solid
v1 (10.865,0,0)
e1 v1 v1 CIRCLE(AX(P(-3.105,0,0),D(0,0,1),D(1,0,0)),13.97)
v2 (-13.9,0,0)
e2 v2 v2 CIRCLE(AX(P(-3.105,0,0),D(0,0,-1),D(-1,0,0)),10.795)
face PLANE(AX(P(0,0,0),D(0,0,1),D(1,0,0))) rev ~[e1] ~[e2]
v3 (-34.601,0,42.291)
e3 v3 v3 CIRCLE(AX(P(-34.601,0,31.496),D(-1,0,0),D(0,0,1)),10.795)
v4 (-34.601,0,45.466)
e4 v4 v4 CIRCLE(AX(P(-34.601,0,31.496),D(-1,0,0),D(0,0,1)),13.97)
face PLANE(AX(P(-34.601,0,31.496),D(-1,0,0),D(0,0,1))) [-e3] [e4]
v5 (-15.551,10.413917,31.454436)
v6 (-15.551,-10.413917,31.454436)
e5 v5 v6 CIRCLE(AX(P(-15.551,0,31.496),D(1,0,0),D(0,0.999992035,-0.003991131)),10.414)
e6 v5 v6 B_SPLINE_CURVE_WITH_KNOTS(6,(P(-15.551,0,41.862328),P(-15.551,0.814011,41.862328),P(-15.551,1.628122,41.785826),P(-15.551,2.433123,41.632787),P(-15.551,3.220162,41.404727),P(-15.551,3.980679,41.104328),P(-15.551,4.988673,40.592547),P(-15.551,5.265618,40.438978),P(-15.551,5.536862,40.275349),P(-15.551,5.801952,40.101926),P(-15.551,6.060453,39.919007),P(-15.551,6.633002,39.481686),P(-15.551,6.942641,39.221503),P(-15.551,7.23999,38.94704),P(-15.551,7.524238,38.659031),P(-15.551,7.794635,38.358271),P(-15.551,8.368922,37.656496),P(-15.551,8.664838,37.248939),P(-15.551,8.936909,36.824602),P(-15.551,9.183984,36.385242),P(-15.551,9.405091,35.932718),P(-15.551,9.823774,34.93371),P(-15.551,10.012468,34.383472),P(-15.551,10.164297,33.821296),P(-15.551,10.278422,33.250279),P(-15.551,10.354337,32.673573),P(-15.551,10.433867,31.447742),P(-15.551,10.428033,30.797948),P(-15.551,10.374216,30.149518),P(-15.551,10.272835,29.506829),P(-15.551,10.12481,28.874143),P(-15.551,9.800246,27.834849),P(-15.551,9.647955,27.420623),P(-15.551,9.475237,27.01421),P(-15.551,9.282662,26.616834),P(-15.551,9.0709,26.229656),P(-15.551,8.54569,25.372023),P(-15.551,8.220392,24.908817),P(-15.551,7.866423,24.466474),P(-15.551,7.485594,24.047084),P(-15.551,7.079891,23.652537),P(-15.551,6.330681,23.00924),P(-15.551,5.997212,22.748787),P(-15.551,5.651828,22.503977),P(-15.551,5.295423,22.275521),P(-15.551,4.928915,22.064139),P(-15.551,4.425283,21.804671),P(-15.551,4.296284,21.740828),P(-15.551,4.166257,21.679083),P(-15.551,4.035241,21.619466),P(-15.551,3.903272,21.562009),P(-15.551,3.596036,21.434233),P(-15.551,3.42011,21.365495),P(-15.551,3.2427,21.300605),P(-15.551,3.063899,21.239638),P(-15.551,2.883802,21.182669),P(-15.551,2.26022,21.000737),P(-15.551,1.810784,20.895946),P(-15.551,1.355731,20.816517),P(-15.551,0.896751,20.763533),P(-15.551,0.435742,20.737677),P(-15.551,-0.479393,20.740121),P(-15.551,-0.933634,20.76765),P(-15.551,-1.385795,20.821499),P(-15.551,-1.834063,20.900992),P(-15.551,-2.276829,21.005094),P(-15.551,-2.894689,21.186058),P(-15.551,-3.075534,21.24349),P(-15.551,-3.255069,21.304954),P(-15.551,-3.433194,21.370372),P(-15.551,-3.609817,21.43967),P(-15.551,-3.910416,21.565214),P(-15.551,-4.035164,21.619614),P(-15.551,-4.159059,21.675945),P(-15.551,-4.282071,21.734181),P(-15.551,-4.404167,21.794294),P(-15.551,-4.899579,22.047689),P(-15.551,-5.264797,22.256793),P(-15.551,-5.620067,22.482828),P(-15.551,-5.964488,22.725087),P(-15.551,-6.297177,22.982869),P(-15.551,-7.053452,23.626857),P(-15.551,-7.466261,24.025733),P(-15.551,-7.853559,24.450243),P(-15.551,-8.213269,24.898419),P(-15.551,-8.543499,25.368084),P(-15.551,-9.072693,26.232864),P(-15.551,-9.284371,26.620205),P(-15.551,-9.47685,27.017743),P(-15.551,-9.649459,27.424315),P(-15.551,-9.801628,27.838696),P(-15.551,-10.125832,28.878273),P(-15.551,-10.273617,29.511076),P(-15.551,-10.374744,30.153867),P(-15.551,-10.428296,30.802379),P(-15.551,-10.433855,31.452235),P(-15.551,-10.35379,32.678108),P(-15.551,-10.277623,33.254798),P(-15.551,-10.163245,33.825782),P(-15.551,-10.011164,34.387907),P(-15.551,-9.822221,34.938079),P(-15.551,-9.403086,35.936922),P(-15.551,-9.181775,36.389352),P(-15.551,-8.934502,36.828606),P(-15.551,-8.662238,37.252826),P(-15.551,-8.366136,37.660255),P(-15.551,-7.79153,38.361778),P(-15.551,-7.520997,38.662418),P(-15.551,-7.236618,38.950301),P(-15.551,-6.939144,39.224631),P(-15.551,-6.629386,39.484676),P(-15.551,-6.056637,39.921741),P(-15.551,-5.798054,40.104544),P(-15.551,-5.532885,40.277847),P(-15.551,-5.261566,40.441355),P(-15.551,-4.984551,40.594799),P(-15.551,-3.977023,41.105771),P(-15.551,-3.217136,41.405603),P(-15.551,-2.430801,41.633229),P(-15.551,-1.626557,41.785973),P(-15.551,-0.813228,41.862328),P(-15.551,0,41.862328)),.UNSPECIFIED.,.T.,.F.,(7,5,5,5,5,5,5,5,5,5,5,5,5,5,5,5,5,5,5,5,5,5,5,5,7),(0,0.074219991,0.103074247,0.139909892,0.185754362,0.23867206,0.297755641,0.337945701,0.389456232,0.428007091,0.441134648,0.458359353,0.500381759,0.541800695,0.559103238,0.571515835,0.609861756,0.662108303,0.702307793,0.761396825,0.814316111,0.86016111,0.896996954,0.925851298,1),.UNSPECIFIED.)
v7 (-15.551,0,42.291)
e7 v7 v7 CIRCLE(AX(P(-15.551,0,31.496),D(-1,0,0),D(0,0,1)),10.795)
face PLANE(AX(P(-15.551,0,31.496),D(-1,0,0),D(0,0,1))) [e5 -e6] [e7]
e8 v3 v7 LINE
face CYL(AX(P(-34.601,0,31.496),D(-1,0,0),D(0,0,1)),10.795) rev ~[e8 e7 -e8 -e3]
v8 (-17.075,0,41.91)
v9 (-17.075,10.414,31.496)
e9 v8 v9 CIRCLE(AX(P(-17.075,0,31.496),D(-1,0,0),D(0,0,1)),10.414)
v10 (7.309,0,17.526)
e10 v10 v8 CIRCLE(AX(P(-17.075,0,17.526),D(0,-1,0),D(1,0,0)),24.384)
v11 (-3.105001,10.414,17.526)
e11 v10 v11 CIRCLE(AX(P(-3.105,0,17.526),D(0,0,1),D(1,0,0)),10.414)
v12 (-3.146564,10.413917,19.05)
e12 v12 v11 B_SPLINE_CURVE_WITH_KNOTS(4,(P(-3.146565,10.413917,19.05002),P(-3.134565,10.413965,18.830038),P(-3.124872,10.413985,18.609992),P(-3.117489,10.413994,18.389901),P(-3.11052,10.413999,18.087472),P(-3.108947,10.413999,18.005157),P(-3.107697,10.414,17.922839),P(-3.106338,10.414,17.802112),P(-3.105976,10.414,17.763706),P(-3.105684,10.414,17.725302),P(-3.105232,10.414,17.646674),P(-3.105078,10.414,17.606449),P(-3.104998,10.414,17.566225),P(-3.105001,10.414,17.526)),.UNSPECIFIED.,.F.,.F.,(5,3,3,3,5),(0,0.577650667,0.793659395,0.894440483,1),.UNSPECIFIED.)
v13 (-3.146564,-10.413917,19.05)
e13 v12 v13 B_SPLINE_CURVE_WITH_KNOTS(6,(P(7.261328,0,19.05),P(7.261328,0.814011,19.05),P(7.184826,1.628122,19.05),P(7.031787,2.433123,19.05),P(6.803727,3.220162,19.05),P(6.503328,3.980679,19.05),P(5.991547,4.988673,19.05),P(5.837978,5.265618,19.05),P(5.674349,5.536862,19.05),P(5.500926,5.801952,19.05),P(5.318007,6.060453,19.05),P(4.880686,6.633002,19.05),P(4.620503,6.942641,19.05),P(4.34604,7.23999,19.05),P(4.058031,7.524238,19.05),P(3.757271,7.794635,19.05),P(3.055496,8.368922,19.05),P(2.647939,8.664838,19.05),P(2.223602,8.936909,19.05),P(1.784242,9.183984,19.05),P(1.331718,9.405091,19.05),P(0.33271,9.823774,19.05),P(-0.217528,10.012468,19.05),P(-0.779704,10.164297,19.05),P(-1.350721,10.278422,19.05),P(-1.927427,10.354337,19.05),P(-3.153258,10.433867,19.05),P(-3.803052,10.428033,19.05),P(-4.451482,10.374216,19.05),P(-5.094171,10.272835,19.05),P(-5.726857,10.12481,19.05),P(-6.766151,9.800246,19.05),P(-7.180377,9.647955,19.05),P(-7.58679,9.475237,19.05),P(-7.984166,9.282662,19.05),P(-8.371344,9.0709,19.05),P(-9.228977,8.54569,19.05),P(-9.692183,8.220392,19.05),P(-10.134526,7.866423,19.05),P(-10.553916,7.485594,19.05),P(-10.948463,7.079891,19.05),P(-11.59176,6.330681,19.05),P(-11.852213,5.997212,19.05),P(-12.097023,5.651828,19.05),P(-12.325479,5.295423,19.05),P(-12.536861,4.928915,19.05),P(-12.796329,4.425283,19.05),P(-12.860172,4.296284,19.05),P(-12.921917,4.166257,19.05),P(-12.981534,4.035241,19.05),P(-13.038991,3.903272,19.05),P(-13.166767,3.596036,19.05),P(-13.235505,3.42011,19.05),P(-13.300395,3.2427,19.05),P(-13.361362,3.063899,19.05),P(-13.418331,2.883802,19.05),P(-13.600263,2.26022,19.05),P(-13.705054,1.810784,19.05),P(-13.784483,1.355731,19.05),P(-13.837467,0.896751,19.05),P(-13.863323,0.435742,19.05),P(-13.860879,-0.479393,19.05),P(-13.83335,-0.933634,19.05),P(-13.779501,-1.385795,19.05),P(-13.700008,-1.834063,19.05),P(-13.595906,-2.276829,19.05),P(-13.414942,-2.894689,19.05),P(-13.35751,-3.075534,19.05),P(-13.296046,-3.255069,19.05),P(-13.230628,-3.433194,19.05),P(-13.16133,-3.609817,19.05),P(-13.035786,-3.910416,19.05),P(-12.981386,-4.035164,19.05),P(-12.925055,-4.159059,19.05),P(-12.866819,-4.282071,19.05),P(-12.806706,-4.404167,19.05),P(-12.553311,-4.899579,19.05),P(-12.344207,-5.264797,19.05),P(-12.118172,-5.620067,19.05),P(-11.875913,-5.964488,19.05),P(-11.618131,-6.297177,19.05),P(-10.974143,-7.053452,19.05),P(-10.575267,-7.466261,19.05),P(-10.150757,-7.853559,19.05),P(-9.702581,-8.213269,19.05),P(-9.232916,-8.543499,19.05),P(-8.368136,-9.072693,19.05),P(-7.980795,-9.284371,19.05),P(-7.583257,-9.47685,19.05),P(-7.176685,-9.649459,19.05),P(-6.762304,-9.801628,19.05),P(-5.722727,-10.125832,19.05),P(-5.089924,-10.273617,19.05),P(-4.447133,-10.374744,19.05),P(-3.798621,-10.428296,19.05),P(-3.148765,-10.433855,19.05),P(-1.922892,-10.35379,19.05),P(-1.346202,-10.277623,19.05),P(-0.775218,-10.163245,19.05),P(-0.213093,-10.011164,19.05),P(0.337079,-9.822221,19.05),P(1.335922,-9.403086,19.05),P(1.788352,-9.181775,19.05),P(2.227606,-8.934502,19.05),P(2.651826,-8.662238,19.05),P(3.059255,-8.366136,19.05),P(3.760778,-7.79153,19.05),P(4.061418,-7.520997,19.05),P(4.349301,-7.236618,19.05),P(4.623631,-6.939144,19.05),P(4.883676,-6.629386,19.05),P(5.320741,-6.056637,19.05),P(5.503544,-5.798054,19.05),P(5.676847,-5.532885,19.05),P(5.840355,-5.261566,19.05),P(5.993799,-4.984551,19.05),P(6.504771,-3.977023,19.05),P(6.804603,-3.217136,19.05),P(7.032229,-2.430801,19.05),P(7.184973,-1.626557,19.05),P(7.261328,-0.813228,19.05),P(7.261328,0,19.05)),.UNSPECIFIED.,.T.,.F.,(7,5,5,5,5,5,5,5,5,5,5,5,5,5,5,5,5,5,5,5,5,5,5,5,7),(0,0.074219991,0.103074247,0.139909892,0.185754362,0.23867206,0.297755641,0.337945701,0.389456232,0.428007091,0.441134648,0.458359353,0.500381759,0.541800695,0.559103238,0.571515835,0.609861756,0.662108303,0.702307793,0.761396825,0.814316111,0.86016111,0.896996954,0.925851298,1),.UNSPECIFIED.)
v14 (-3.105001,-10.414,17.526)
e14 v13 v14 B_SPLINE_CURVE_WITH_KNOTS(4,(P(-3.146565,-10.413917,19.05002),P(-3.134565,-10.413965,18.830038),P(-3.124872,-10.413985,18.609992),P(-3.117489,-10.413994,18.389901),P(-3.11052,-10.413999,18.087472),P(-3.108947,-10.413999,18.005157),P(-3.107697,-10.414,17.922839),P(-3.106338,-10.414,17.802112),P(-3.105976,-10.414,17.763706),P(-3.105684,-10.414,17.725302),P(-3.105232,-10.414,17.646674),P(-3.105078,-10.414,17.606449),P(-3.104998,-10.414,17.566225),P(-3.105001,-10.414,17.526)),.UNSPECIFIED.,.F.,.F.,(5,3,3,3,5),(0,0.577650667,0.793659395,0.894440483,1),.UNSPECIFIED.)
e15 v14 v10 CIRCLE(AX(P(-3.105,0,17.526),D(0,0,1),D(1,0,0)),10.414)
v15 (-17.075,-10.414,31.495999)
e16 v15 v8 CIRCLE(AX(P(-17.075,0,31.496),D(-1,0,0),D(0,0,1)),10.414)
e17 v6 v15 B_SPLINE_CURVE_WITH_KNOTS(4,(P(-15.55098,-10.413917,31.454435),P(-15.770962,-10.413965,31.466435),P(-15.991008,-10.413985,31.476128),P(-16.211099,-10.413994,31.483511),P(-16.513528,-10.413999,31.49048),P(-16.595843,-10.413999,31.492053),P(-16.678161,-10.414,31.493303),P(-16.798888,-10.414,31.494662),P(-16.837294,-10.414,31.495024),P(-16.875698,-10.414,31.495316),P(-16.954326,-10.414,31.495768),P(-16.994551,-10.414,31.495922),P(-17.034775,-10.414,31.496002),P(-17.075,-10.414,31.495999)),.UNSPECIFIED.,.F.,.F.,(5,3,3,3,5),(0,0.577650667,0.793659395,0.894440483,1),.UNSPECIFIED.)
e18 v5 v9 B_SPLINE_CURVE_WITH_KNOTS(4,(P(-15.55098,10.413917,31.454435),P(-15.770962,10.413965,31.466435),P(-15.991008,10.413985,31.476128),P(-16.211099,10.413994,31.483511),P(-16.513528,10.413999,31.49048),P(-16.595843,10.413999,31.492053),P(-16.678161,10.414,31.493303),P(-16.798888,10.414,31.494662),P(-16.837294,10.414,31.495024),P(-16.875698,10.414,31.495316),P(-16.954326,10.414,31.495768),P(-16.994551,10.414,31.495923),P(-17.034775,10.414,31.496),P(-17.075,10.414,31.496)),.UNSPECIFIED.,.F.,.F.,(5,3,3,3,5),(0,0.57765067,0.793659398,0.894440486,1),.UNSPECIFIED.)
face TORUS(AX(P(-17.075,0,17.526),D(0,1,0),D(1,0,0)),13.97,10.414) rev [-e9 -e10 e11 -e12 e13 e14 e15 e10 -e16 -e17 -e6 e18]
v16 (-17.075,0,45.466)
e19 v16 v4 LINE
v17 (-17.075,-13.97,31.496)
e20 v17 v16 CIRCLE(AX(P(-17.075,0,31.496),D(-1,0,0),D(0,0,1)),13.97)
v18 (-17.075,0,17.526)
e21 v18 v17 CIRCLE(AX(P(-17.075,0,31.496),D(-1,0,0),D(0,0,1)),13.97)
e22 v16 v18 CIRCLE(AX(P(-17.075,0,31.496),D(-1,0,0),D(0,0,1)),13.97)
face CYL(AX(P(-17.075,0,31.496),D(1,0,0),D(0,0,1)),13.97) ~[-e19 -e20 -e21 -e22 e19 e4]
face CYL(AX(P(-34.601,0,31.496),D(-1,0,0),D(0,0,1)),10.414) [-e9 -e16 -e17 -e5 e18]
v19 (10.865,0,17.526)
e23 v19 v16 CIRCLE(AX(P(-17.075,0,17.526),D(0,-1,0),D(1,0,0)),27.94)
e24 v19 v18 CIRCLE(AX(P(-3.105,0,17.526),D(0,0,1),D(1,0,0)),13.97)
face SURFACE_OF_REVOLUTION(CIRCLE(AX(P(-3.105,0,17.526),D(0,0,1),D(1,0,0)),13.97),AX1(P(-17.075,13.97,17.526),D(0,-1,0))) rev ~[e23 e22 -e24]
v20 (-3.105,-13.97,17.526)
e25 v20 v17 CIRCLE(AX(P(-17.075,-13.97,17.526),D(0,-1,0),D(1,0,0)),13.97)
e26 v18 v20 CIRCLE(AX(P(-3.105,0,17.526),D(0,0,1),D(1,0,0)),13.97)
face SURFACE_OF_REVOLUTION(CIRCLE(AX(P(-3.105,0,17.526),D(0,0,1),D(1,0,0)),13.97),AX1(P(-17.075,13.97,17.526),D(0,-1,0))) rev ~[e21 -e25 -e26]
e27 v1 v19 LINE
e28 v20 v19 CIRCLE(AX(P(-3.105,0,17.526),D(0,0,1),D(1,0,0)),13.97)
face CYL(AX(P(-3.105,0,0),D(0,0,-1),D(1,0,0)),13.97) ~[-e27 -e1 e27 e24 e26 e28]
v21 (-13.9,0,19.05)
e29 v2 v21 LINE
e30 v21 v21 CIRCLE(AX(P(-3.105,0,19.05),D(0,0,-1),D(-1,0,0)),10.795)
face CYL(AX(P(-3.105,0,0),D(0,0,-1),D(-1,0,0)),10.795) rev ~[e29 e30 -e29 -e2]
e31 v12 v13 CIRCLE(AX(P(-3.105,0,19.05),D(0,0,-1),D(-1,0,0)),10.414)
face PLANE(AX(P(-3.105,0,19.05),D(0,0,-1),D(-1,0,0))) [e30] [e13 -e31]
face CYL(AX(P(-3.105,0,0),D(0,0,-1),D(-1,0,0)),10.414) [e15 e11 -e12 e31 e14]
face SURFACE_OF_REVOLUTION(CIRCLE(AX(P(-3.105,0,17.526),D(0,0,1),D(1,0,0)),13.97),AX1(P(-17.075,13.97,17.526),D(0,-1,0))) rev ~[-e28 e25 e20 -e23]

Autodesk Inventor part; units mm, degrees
ref_plane "YZ Plane" through (0, 0, 0) normal (1, 0, 0) x (0, 1, 0)
ref_plane "XZ Plane" through (0, 0, 0) normal (0, 1, 0) x (-1, 0, 0)
ref_plane "XY Plane" through (0, 0, 0) normal (0, 0, 1) x (1, 0, 0)
sketch "Sketch1" plane through (0, 0, 0) normal (0, 0, 1) x (1, 0, 0)
  circle A0 centre (-3.105, 0) radius 13.97
  circle A1 centre (-3.105, 0) radius 10.414
  point P0 (0, 0)
  dimension "d0" = 27.94
  dimension "d2" = 20.828
extrude "Extrusion1" add sketch "Sketch1" along normal blind 17.526
sketch "Sketch2" plane through (-3.105, 0, 17.526) normal (0, 0, 1) x (1, 0, 0)
  circle A0 centre (0, 0) radius 10.414 projected
  circle A1 centre (0, 0) radius 13.97 projected
  line L0 (-13.97, 13.97) -> (-13.97, -13.97)
  line L1 (-13.97, -13.97) -> (13.97, -13.97)
  point P0 (3.105, 0)
revolve "Revolution1" add sketch "Sketch2" angle 90 about axis through (-17.075, 13.97, 17.526) along (0, -1, 0) contours A1
sketch "Sketch3" plane through (-17.075, 0, 31.496) normal (-1, 0, 0) x (0, 0, 1)
  circle A0 centre (0, 0) radius 10.414 projected
  circle A1 centre (0, 0) radius 13.97 projected
  point P0 (-13.97, 0)
  point P1 (-31.496, 0)
extrude "Extrusion2" add sketch "Sketch3" along normal blind 17.526
sketch "Sketch4" plane through (-34.601, 0, 31.496) normal (-1, 0, 0) x (0, 0, 1)
  circle A0 centre (0, 0) radius 10.414 projected
  circle A1 centre (0, 0) radius 13.97 projected
  circle A2 centre (0, 0) radius 10.795
  point P0 (-31.496, 0)
  dimension "d8" = 21.59
extrude "Extrusion3" cut sketch "Sketch4" against normal blind 19.05 contours A2
sketch "Sketch5" plane through (-3.105, 0, 0) normal (0, 0, -1) x (-1, 0, 0)
  circle A0 centre (0, 0) radius 10.414 projected
  circle A1 centre (0, 0) radius 13.97 projected
  circle A2 centre (0, 0) radius 10.795
  point P0 (-3.105, 0)
  dimension "d12" = 21.59
extrude "Extrusion4" cut sketch "Sketch5" against normal blind 19.05 contours A2
properties part number "0.5 Elbow" material "PVC-Piping"
